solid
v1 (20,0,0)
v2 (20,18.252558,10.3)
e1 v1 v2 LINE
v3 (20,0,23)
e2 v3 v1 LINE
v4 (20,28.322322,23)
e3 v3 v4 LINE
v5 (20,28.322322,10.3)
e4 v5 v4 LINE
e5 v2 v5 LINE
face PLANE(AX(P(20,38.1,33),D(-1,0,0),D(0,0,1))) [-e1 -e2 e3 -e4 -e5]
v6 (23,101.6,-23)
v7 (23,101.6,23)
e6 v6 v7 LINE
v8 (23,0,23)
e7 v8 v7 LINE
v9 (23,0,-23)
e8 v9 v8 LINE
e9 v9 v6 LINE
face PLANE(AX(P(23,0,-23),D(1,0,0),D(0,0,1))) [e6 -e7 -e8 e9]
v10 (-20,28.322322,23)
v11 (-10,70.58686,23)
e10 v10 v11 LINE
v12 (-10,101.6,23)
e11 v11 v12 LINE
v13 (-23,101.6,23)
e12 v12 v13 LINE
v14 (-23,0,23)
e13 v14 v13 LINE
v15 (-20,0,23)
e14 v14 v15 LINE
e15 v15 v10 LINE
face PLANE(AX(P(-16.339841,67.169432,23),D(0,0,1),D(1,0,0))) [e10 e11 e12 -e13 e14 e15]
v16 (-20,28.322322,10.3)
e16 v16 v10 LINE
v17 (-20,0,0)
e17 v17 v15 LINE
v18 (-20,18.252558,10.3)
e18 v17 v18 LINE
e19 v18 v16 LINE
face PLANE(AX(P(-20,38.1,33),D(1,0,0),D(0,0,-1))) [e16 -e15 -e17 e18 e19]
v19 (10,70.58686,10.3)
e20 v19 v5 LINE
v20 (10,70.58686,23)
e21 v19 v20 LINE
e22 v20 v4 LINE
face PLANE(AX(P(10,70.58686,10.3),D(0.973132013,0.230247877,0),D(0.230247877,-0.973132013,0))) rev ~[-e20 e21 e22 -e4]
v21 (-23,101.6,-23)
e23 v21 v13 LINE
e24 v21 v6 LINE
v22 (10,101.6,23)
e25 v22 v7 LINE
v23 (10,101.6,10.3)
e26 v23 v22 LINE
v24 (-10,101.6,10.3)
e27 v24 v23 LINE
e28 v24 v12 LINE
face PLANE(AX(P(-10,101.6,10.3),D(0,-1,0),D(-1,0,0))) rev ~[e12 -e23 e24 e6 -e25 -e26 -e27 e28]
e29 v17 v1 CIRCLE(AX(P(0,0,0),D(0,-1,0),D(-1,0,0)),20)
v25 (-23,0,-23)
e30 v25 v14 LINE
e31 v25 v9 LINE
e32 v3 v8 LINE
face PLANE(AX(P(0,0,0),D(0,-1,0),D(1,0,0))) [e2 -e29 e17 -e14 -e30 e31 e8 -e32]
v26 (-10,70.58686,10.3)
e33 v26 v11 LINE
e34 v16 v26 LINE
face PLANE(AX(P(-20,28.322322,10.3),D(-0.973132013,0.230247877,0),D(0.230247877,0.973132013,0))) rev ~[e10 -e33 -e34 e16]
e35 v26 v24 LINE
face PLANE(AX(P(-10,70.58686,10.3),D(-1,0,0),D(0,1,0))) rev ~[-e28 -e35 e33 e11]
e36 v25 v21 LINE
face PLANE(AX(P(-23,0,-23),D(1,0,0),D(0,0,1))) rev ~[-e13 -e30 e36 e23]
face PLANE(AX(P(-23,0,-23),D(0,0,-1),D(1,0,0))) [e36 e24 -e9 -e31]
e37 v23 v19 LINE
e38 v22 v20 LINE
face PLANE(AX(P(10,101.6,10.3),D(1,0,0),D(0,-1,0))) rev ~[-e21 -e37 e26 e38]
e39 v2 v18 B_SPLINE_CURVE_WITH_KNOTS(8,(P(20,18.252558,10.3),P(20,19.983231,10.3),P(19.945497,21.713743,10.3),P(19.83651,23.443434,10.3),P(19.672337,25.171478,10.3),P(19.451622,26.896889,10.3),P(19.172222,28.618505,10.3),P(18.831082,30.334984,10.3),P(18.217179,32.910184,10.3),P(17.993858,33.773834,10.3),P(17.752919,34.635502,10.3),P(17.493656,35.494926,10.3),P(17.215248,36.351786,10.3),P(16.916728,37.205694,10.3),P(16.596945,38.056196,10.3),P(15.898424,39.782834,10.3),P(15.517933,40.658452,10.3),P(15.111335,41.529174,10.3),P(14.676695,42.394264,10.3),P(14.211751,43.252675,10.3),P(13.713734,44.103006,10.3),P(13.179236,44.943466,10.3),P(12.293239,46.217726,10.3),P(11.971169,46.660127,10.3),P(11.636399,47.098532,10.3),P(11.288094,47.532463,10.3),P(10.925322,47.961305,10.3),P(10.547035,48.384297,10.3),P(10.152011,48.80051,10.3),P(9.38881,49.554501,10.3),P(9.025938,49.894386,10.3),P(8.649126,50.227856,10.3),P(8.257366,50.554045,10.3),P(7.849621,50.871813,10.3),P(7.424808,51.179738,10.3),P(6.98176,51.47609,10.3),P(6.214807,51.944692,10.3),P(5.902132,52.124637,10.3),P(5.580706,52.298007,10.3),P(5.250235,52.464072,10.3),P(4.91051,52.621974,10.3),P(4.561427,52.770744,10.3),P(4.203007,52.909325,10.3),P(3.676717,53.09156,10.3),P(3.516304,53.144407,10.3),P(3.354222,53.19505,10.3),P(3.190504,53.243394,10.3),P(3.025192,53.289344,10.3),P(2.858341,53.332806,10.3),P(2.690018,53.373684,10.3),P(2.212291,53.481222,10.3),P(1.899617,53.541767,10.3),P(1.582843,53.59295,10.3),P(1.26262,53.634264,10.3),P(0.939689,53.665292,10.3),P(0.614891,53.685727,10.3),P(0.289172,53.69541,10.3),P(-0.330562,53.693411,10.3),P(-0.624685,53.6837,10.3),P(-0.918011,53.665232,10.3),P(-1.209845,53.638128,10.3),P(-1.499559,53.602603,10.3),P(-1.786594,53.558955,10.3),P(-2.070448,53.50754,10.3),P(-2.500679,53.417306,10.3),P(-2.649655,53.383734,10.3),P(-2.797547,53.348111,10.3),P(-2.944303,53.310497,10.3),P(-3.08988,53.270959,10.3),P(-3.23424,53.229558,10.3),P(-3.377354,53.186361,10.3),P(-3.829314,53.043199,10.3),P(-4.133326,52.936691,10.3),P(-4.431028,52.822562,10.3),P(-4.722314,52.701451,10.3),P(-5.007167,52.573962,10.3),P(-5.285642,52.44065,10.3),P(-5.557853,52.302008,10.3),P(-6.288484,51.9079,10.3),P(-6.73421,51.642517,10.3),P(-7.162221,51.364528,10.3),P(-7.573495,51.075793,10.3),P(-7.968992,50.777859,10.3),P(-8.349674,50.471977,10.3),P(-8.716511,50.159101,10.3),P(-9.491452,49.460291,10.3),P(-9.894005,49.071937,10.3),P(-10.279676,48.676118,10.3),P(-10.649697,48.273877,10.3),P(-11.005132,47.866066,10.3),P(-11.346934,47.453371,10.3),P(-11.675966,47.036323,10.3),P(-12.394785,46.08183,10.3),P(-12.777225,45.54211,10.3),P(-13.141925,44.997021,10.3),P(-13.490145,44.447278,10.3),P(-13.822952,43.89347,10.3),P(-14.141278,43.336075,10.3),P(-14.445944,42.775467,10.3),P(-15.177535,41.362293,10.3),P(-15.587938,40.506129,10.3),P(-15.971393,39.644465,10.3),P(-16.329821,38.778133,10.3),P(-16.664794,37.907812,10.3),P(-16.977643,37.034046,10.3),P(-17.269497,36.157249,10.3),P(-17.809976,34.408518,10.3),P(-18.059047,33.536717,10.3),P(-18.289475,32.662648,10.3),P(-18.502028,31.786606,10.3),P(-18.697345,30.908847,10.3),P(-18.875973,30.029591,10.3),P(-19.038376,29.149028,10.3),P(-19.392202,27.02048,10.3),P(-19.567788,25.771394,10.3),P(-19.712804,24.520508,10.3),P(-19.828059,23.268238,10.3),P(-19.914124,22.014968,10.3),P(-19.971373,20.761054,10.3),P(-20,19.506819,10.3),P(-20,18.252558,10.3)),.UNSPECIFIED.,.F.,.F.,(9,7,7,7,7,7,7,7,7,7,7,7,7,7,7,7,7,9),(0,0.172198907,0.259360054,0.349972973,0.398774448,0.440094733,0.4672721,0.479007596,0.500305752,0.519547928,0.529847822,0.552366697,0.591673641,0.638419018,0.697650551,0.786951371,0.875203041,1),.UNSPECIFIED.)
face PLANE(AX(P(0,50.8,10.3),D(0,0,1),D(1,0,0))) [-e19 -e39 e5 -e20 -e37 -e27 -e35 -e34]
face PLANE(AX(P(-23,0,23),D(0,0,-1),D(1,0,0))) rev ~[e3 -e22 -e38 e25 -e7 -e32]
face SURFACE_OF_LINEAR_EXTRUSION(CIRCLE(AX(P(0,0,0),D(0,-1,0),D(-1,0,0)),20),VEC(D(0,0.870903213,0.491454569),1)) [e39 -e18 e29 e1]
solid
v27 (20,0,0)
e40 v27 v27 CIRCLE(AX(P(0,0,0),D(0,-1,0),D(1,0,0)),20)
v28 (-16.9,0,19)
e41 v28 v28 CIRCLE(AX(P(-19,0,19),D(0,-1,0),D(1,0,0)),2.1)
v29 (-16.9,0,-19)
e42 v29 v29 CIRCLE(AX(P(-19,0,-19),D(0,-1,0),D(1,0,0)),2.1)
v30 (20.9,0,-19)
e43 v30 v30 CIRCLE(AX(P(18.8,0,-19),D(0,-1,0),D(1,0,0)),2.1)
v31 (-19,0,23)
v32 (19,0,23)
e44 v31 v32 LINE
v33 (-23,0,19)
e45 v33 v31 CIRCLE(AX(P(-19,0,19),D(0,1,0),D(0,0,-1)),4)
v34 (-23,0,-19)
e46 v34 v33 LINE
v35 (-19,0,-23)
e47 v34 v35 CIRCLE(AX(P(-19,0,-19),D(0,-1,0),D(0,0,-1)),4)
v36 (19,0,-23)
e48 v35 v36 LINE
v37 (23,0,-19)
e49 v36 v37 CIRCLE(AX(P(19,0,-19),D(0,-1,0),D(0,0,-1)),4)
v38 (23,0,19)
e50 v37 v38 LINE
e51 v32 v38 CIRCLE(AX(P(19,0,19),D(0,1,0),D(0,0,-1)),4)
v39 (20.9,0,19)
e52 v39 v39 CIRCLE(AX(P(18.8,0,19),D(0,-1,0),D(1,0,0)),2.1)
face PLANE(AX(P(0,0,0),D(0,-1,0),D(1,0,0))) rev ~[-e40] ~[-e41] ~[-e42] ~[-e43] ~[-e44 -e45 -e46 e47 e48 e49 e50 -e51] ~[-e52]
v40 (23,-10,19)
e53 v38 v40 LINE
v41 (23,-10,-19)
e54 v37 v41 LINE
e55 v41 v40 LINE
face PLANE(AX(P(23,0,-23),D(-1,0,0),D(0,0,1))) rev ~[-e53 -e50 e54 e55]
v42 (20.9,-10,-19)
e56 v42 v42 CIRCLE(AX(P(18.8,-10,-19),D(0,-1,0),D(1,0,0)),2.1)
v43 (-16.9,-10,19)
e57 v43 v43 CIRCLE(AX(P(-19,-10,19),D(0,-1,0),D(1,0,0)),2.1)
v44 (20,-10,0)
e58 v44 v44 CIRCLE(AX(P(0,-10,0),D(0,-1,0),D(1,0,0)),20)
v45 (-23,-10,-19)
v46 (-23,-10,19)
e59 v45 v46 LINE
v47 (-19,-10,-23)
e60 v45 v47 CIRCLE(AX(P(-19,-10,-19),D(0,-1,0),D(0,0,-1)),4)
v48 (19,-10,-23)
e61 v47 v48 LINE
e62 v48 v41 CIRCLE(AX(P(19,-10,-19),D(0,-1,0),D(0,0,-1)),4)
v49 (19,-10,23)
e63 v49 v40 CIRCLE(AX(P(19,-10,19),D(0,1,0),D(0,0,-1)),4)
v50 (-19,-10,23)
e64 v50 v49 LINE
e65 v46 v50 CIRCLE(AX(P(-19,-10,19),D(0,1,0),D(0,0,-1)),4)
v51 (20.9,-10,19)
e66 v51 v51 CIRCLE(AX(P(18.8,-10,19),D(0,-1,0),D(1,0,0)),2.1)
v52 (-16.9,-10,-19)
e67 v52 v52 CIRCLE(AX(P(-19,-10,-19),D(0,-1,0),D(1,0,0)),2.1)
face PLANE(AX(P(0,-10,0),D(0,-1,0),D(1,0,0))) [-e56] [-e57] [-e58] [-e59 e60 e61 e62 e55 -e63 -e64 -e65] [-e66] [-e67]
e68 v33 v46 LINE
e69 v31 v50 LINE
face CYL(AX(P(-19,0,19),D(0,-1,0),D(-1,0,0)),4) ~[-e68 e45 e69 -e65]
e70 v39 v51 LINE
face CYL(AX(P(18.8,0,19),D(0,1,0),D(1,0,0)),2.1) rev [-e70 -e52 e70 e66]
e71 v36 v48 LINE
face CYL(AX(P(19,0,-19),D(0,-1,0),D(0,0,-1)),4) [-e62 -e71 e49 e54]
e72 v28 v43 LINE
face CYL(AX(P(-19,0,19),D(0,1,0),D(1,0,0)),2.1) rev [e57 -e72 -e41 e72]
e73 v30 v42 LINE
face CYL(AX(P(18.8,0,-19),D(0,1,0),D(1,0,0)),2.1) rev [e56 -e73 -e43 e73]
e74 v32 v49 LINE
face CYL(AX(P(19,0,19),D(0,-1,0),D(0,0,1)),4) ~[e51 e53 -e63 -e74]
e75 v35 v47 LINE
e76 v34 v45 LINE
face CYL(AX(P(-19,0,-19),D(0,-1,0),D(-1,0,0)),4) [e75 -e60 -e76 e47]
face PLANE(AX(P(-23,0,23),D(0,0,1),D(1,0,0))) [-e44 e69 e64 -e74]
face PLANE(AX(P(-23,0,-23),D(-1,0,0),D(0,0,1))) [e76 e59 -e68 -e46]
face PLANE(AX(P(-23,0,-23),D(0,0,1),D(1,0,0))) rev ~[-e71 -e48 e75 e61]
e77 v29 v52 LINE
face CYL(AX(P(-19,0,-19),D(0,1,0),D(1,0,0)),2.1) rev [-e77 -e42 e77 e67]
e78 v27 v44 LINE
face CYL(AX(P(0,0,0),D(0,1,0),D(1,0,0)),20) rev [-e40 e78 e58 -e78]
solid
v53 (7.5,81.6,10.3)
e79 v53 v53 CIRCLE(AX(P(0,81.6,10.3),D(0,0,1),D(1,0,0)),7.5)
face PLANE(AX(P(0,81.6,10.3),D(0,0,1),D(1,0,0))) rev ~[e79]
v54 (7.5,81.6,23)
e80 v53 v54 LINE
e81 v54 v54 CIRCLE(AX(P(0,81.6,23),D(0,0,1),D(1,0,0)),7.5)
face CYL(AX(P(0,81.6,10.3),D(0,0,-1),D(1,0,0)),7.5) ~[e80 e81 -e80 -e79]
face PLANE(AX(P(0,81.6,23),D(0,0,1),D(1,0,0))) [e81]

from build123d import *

# Parameters (mm, degrees)
F0_W      = 46
F0_H      = 46
F1_DEPTH  = 101.6
F5_W      = 40
F5_H      = 101.6
F6_DEPTH  = 12.7
F7_W      = 46
F7_H      = 46
F7_R      = 2.1
F7_R_2    = 20
F8_DEPTH  = 10
F9_R      = 4
F10_R     = 7.5
F11_DEPTH = 12.7
F13_DEPTH = 12.7


with BuildPart() as f1:
    # F0 (on Front) → F1 (new body)
    with BuildSketch(Plane.XZ):
        Rectangle(F0_W, F0_H)
    extrude(amount=-F1_DEPTH)

    # F4: sweep along a path in F3
    with BuildLine(Plane.YZ) as f4_path:
        Line((0, -20), (76.2, 23))
    # F2 (on face) → F4 (sweep, cut)
    with BuildSketch(Plane.XZ):
        with BuildLine():
            Line((-20, 23), (-20, 0))
            ThreePointArc((-20, 0), (0, -20), (20, 0))
            Line((20, 0), (20, 23))
            Line((20, 23), (-20, 23))
        make_face()
    sweep(path=f4_path.line, mode=Mode.SUBTRACT)

    # F5 (on face) → F6 (cut)
    with BuildSketch(Plane.XY.offset(23)):
        with Locations((0, 50.8)):
            Rectangle(F5_W, F5_H)
    extrude(amount=-F6_DEPTH, mode=Mode.SUBTRACT)

    # F12 (on face) → F13 (join)
    with BuildSketch(Plane.XY.offset(10.3)):
        Polygon((-20, 101.6), (-20, 28.322322), (-10, 70.58686), (-10, 101.6), align=None)
        Polygon((10, 70.58686), (20, 28.322322), (20, 101.6), (10, 101.6), align=None)
    extrude(amount=F13_DEPTH)


with BuildPart() as f8:
    # F7 (on face) → F8 (new body)
    with BuildSketch(Plane.XZ):
        Rectangle(F7_W, F7_H)
        with Locations((-19, -19)):
            Circle(F7_R, mode=Mode.SUBTRACT)
        with Locations((18.8, -19)):
            Circle(F7_R, mode=Mode.SUBTRACT)
        with Locations((-19, 19)):
            Circle(F7_R, mode=Mode.SUBTRACT)
        Circle(F7_R_2, mode=Mode.SUBTRACT)
        with Locations((18.8, 19)):
            Circle(F7_R, mode=Mode.SUBTRACT)
    extrude(amount=F8_DEPTH)

    # F9
    f9_edges = [f8.edges().sort_by_distance(p)[0] for p in [
        (23, -5, 23),
        (-23, -5, 23),
        (-23, -5, -23),
        (23, -5, -23),
    ]]
    fillet(f9_edges, radius=F9_R)


with BuildPart() as f11:
    # F10 (on face) → F11 (new body)
    with BuildSketch(Plane.XY.offset(10.3)):
        with Locations((0, 81.6)):
            Circle(F10_R)
    extrude(amount=F11_DEPTH)


solid = Compound([f1.part, f8.part, f11.part])
